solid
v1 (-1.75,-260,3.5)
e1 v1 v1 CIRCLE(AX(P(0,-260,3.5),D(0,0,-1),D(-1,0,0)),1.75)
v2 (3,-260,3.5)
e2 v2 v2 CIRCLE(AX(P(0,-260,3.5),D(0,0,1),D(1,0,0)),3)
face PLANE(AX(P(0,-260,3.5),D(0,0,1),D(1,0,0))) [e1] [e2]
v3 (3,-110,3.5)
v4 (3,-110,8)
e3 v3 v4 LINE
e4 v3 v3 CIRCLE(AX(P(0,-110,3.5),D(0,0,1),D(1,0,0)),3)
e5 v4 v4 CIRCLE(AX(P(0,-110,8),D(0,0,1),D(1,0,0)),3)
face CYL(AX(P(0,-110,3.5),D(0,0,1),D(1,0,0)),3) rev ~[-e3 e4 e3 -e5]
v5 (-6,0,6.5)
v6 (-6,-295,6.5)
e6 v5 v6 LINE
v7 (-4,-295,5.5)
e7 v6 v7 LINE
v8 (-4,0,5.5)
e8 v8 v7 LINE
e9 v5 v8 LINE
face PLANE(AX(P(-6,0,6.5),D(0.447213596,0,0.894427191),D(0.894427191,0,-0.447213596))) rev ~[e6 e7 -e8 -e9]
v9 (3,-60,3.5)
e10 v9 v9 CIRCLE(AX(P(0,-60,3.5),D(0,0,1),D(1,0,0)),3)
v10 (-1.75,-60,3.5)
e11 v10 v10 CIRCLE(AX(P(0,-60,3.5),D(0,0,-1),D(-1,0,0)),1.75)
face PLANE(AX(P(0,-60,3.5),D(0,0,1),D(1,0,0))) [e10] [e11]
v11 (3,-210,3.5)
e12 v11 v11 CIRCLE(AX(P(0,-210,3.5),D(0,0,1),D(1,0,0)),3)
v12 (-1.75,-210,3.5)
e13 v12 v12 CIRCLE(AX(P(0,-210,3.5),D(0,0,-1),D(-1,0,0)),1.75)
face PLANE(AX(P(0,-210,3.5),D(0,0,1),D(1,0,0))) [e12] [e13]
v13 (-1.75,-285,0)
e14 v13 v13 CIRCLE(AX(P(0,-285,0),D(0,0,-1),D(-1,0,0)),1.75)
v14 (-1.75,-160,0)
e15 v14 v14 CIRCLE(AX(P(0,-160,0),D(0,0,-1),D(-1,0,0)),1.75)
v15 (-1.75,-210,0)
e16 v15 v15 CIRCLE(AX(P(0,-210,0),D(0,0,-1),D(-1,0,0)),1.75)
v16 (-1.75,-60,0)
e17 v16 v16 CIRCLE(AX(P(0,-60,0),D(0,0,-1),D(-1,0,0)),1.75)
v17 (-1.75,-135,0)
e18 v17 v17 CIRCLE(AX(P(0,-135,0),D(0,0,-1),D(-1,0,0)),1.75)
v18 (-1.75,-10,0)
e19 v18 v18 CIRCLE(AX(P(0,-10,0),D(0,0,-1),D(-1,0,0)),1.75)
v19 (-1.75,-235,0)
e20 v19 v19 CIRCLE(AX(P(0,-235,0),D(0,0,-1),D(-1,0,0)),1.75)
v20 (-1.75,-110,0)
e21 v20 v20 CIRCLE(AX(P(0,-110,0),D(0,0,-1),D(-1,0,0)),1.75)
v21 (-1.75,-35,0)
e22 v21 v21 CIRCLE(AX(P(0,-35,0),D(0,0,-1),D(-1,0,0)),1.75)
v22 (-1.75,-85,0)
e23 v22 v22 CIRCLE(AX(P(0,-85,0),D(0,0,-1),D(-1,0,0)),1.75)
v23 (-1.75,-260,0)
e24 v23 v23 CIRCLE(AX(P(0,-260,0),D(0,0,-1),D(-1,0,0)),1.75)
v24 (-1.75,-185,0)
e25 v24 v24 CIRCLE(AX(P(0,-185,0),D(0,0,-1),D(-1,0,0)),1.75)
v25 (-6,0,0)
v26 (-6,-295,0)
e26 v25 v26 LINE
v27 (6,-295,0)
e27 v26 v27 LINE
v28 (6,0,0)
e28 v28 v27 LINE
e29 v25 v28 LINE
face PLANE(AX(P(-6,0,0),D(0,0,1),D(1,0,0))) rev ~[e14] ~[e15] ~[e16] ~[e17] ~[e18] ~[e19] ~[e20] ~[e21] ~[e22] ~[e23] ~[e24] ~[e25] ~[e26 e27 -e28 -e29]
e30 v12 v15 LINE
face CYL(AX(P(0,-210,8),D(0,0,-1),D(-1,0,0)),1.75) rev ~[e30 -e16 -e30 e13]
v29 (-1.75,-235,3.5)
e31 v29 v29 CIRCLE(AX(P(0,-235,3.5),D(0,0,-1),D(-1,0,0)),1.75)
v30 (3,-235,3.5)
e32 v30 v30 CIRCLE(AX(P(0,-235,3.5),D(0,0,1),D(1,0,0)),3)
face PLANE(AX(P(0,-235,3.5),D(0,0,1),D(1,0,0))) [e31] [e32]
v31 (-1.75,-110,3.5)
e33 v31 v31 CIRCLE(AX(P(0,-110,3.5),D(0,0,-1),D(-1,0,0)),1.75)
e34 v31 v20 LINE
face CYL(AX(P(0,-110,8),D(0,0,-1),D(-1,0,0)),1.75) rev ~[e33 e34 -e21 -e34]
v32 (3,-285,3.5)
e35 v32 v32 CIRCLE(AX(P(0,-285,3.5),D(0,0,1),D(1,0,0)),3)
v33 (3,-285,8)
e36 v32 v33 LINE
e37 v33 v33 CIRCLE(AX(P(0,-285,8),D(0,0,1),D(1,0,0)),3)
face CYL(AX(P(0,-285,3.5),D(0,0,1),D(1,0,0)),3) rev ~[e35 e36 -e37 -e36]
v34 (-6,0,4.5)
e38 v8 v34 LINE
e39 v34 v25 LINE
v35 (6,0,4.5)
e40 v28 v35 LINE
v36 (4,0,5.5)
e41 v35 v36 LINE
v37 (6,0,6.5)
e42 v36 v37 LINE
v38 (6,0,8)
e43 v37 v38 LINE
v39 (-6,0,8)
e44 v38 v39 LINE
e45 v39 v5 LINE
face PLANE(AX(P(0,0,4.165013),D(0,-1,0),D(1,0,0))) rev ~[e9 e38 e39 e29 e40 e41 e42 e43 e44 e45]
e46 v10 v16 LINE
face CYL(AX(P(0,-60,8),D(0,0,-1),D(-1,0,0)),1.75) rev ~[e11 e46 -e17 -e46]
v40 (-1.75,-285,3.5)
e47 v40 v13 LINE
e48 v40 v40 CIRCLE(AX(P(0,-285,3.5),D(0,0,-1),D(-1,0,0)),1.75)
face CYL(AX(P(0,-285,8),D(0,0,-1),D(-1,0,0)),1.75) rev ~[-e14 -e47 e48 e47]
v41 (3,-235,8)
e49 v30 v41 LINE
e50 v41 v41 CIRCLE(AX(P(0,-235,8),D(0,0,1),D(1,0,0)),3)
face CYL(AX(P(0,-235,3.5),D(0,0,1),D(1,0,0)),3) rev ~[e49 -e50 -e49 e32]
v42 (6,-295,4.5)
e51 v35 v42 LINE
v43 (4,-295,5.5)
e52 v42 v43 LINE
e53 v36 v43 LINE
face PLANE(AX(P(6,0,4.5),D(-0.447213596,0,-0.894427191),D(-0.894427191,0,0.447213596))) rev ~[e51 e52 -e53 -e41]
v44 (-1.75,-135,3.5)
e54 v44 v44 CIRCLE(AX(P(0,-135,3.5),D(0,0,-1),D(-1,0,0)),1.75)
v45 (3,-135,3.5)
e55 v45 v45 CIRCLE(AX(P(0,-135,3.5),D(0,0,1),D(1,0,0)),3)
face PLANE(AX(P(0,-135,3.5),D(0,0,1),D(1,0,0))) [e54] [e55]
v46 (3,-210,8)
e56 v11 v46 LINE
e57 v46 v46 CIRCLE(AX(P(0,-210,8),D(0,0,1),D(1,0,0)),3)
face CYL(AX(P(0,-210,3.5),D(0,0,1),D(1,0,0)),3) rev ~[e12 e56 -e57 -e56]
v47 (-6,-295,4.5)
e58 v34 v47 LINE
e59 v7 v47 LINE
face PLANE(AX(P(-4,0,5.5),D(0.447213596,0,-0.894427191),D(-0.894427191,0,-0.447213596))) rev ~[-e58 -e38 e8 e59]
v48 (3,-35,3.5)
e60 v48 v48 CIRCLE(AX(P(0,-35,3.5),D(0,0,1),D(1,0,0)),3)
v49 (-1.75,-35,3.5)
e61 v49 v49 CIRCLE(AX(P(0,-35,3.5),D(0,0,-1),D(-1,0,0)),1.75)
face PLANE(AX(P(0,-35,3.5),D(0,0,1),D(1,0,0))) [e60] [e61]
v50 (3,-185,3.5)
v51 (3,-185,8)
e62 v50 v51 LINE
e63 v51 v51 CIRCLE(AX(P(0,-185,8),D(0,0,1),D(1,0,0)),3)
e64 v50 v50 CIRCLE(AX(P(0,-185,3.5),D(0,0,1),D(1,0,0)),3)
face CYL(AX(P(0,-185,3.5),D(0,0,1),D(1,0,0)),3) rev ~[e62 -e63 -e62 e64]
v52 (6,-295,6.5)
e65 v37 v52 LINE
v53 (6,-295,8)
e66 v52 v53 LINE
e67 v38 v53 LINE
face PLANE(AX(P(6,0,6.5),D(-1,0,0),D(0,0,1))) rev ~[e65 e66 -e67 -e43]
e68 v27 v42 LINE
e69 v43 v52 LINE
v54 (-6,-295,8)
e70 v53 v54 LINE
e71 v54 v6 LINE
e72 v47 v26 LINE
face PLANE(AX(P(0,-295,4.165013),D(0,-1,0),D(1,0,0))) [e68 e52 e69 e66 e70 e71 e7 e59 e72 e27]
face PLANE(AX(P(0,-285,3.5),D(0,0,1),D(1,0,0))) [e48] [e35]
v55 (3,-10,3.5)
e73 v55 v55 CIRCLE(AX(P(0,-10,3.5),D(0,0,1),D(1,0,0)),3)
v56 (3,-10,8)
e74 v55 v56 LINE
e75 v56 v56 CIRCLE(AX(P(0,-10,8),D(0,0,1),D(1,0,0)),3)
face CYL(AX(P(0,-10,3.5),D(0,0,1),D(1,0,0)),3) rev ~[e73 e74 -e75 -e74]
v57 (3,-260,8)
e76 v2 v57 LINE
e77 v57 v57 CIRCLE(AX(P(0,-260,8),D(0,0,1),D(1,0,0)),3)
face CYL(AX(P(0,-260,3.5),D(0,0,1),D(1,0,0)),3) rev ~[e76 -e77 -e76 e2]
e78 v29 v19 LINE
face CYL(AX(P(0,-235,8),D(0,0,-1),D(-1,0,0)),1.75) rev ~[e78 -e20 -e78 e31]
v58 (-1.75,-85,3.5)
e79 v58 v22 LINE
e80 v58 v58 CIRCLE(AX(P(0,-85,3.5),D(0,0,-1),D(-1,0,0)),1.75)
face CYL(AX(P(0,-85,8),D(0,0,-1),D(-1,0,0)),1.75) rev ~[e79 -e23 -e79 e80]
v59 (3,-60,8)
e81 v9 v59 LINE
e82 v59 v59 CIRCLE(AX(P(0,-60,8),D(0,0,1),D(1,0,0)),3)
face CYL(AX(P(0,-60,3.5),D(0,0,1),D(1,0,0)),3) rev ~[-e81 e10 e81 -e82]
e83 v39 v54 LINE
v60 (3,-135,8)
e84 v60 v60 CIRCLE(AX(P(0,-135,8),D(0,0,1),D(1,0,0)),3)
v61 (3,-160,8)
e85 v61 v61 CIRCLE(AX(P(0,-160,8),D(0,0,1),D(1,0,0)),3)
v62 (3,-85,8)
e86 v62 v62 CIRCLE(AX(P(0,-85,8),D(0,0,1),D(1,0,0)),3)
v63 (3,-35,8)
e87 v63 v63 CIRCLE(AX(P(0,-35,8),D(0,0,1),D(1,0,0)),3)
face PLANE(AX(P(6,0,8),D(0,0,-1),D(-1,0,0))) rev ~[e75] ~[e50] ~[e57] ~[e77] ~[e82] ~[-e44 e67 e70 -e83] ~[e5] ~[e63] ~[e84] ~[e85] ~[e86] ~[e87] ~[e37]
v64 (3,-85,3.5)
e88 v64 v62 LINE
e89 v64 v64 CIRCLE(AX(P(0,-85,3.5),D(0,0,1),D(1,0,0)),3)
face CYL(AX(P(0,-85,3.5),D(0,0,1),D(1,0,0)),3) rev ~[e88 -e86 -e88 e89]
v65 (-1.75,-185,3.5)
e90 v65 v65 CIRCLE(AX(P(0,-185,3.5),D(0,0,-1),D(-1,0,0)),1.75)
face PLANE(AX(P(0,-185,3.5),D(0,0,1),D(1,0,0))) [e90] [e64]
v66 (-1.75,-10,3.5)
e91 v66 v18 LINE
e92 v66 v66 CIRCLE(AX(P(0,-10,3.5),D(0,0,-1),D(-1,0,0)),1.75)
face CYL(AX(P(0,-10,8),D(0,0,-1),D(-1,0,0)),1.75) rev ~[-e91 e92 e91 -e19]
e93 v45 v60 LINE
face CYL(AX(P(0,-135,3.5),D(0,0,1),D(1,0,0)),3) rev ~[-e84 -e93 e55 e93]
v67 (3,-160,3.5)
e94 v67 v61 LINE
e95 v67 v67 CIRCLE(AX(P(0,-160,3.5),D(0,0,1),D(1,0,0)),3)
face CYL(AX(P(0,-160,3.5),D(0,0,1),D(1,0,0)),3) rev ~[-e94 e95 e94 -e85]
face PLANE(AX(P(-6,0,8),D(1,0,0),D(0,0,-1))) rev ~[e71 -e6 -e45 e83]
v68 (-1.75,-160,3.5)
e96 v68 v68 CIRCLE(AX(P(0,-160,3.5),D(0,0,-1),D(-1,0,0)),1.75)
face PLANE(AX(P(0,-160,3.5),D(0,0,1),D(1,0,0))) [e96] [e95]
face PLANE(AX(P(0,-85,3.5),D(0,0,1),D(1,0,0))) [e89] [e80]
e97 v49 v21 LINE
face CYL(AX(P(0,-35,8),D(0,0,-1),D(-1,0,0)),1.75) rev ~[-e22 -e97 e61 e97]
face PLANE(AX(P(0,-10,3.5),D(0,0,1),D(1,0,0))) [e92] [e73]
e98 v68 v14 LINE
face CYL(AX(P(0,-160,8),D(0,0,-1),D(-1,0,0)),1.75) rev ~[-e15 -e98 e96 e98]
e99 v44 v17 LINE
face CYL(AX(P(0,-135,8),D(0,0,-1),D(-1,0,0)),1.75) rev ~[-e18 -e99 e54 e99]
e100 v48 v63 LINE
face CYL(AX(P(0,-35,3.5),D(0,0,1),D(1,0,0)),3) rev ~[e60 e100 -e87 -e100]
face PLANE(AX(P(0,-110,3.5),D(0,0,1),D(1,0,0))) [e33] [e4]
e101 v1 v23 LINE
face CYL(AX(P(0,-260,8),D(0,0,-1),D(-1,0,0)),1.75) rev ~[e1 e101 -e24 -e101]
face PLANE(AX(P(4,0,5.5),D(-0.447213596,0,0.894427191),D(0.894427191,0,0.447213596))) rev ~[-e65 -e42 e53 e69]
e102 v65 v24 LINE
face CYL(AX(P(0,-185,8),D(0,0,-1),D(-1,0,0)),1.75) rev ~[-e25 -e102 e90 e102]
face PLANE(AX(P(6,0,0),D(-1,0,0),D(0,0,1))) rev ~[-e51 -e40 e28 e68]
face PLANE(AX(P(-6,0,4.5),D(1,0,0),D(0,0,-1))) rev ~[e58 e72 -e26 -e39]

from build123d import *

# Parameters (mm, degrees)
F1_DEPTH       = 295
F3_D           = 3.5
F3_DEPTH       = 20
F3_CBORE_D     = 6
F3_CBORE_DEPTH = 4.5


with BuildPart() as f1:
    # F0 (on Front) → F1 (new body)
    with BuildSketch(Plane.XZ):
        Polygon((-6, 4.5), (-6, 0), (6, 0), (6, 4.5), (4, 5.5), (6, 6.5), (6, 8), (-6, 8), (-6, 6.5), (-4, 5.5), align=None)
    extrude(amount=F1_DEPTH)

    # F3
    with Locations(Plane.XY.offset(8)):
        with Locations((0, -285), (0, -260), (0, -235), (0, -210), (0, -185), (0, -160), (0, -135), (0, -110), (0, -85), (0, -10), (0, -35), (0, -60)):
            CounterBoreHole(F3_D / 2, F3_CBORE_D / 2, F3_CBORE_DEPTH, depth=F3_DEPTH)


solid = f1.part
